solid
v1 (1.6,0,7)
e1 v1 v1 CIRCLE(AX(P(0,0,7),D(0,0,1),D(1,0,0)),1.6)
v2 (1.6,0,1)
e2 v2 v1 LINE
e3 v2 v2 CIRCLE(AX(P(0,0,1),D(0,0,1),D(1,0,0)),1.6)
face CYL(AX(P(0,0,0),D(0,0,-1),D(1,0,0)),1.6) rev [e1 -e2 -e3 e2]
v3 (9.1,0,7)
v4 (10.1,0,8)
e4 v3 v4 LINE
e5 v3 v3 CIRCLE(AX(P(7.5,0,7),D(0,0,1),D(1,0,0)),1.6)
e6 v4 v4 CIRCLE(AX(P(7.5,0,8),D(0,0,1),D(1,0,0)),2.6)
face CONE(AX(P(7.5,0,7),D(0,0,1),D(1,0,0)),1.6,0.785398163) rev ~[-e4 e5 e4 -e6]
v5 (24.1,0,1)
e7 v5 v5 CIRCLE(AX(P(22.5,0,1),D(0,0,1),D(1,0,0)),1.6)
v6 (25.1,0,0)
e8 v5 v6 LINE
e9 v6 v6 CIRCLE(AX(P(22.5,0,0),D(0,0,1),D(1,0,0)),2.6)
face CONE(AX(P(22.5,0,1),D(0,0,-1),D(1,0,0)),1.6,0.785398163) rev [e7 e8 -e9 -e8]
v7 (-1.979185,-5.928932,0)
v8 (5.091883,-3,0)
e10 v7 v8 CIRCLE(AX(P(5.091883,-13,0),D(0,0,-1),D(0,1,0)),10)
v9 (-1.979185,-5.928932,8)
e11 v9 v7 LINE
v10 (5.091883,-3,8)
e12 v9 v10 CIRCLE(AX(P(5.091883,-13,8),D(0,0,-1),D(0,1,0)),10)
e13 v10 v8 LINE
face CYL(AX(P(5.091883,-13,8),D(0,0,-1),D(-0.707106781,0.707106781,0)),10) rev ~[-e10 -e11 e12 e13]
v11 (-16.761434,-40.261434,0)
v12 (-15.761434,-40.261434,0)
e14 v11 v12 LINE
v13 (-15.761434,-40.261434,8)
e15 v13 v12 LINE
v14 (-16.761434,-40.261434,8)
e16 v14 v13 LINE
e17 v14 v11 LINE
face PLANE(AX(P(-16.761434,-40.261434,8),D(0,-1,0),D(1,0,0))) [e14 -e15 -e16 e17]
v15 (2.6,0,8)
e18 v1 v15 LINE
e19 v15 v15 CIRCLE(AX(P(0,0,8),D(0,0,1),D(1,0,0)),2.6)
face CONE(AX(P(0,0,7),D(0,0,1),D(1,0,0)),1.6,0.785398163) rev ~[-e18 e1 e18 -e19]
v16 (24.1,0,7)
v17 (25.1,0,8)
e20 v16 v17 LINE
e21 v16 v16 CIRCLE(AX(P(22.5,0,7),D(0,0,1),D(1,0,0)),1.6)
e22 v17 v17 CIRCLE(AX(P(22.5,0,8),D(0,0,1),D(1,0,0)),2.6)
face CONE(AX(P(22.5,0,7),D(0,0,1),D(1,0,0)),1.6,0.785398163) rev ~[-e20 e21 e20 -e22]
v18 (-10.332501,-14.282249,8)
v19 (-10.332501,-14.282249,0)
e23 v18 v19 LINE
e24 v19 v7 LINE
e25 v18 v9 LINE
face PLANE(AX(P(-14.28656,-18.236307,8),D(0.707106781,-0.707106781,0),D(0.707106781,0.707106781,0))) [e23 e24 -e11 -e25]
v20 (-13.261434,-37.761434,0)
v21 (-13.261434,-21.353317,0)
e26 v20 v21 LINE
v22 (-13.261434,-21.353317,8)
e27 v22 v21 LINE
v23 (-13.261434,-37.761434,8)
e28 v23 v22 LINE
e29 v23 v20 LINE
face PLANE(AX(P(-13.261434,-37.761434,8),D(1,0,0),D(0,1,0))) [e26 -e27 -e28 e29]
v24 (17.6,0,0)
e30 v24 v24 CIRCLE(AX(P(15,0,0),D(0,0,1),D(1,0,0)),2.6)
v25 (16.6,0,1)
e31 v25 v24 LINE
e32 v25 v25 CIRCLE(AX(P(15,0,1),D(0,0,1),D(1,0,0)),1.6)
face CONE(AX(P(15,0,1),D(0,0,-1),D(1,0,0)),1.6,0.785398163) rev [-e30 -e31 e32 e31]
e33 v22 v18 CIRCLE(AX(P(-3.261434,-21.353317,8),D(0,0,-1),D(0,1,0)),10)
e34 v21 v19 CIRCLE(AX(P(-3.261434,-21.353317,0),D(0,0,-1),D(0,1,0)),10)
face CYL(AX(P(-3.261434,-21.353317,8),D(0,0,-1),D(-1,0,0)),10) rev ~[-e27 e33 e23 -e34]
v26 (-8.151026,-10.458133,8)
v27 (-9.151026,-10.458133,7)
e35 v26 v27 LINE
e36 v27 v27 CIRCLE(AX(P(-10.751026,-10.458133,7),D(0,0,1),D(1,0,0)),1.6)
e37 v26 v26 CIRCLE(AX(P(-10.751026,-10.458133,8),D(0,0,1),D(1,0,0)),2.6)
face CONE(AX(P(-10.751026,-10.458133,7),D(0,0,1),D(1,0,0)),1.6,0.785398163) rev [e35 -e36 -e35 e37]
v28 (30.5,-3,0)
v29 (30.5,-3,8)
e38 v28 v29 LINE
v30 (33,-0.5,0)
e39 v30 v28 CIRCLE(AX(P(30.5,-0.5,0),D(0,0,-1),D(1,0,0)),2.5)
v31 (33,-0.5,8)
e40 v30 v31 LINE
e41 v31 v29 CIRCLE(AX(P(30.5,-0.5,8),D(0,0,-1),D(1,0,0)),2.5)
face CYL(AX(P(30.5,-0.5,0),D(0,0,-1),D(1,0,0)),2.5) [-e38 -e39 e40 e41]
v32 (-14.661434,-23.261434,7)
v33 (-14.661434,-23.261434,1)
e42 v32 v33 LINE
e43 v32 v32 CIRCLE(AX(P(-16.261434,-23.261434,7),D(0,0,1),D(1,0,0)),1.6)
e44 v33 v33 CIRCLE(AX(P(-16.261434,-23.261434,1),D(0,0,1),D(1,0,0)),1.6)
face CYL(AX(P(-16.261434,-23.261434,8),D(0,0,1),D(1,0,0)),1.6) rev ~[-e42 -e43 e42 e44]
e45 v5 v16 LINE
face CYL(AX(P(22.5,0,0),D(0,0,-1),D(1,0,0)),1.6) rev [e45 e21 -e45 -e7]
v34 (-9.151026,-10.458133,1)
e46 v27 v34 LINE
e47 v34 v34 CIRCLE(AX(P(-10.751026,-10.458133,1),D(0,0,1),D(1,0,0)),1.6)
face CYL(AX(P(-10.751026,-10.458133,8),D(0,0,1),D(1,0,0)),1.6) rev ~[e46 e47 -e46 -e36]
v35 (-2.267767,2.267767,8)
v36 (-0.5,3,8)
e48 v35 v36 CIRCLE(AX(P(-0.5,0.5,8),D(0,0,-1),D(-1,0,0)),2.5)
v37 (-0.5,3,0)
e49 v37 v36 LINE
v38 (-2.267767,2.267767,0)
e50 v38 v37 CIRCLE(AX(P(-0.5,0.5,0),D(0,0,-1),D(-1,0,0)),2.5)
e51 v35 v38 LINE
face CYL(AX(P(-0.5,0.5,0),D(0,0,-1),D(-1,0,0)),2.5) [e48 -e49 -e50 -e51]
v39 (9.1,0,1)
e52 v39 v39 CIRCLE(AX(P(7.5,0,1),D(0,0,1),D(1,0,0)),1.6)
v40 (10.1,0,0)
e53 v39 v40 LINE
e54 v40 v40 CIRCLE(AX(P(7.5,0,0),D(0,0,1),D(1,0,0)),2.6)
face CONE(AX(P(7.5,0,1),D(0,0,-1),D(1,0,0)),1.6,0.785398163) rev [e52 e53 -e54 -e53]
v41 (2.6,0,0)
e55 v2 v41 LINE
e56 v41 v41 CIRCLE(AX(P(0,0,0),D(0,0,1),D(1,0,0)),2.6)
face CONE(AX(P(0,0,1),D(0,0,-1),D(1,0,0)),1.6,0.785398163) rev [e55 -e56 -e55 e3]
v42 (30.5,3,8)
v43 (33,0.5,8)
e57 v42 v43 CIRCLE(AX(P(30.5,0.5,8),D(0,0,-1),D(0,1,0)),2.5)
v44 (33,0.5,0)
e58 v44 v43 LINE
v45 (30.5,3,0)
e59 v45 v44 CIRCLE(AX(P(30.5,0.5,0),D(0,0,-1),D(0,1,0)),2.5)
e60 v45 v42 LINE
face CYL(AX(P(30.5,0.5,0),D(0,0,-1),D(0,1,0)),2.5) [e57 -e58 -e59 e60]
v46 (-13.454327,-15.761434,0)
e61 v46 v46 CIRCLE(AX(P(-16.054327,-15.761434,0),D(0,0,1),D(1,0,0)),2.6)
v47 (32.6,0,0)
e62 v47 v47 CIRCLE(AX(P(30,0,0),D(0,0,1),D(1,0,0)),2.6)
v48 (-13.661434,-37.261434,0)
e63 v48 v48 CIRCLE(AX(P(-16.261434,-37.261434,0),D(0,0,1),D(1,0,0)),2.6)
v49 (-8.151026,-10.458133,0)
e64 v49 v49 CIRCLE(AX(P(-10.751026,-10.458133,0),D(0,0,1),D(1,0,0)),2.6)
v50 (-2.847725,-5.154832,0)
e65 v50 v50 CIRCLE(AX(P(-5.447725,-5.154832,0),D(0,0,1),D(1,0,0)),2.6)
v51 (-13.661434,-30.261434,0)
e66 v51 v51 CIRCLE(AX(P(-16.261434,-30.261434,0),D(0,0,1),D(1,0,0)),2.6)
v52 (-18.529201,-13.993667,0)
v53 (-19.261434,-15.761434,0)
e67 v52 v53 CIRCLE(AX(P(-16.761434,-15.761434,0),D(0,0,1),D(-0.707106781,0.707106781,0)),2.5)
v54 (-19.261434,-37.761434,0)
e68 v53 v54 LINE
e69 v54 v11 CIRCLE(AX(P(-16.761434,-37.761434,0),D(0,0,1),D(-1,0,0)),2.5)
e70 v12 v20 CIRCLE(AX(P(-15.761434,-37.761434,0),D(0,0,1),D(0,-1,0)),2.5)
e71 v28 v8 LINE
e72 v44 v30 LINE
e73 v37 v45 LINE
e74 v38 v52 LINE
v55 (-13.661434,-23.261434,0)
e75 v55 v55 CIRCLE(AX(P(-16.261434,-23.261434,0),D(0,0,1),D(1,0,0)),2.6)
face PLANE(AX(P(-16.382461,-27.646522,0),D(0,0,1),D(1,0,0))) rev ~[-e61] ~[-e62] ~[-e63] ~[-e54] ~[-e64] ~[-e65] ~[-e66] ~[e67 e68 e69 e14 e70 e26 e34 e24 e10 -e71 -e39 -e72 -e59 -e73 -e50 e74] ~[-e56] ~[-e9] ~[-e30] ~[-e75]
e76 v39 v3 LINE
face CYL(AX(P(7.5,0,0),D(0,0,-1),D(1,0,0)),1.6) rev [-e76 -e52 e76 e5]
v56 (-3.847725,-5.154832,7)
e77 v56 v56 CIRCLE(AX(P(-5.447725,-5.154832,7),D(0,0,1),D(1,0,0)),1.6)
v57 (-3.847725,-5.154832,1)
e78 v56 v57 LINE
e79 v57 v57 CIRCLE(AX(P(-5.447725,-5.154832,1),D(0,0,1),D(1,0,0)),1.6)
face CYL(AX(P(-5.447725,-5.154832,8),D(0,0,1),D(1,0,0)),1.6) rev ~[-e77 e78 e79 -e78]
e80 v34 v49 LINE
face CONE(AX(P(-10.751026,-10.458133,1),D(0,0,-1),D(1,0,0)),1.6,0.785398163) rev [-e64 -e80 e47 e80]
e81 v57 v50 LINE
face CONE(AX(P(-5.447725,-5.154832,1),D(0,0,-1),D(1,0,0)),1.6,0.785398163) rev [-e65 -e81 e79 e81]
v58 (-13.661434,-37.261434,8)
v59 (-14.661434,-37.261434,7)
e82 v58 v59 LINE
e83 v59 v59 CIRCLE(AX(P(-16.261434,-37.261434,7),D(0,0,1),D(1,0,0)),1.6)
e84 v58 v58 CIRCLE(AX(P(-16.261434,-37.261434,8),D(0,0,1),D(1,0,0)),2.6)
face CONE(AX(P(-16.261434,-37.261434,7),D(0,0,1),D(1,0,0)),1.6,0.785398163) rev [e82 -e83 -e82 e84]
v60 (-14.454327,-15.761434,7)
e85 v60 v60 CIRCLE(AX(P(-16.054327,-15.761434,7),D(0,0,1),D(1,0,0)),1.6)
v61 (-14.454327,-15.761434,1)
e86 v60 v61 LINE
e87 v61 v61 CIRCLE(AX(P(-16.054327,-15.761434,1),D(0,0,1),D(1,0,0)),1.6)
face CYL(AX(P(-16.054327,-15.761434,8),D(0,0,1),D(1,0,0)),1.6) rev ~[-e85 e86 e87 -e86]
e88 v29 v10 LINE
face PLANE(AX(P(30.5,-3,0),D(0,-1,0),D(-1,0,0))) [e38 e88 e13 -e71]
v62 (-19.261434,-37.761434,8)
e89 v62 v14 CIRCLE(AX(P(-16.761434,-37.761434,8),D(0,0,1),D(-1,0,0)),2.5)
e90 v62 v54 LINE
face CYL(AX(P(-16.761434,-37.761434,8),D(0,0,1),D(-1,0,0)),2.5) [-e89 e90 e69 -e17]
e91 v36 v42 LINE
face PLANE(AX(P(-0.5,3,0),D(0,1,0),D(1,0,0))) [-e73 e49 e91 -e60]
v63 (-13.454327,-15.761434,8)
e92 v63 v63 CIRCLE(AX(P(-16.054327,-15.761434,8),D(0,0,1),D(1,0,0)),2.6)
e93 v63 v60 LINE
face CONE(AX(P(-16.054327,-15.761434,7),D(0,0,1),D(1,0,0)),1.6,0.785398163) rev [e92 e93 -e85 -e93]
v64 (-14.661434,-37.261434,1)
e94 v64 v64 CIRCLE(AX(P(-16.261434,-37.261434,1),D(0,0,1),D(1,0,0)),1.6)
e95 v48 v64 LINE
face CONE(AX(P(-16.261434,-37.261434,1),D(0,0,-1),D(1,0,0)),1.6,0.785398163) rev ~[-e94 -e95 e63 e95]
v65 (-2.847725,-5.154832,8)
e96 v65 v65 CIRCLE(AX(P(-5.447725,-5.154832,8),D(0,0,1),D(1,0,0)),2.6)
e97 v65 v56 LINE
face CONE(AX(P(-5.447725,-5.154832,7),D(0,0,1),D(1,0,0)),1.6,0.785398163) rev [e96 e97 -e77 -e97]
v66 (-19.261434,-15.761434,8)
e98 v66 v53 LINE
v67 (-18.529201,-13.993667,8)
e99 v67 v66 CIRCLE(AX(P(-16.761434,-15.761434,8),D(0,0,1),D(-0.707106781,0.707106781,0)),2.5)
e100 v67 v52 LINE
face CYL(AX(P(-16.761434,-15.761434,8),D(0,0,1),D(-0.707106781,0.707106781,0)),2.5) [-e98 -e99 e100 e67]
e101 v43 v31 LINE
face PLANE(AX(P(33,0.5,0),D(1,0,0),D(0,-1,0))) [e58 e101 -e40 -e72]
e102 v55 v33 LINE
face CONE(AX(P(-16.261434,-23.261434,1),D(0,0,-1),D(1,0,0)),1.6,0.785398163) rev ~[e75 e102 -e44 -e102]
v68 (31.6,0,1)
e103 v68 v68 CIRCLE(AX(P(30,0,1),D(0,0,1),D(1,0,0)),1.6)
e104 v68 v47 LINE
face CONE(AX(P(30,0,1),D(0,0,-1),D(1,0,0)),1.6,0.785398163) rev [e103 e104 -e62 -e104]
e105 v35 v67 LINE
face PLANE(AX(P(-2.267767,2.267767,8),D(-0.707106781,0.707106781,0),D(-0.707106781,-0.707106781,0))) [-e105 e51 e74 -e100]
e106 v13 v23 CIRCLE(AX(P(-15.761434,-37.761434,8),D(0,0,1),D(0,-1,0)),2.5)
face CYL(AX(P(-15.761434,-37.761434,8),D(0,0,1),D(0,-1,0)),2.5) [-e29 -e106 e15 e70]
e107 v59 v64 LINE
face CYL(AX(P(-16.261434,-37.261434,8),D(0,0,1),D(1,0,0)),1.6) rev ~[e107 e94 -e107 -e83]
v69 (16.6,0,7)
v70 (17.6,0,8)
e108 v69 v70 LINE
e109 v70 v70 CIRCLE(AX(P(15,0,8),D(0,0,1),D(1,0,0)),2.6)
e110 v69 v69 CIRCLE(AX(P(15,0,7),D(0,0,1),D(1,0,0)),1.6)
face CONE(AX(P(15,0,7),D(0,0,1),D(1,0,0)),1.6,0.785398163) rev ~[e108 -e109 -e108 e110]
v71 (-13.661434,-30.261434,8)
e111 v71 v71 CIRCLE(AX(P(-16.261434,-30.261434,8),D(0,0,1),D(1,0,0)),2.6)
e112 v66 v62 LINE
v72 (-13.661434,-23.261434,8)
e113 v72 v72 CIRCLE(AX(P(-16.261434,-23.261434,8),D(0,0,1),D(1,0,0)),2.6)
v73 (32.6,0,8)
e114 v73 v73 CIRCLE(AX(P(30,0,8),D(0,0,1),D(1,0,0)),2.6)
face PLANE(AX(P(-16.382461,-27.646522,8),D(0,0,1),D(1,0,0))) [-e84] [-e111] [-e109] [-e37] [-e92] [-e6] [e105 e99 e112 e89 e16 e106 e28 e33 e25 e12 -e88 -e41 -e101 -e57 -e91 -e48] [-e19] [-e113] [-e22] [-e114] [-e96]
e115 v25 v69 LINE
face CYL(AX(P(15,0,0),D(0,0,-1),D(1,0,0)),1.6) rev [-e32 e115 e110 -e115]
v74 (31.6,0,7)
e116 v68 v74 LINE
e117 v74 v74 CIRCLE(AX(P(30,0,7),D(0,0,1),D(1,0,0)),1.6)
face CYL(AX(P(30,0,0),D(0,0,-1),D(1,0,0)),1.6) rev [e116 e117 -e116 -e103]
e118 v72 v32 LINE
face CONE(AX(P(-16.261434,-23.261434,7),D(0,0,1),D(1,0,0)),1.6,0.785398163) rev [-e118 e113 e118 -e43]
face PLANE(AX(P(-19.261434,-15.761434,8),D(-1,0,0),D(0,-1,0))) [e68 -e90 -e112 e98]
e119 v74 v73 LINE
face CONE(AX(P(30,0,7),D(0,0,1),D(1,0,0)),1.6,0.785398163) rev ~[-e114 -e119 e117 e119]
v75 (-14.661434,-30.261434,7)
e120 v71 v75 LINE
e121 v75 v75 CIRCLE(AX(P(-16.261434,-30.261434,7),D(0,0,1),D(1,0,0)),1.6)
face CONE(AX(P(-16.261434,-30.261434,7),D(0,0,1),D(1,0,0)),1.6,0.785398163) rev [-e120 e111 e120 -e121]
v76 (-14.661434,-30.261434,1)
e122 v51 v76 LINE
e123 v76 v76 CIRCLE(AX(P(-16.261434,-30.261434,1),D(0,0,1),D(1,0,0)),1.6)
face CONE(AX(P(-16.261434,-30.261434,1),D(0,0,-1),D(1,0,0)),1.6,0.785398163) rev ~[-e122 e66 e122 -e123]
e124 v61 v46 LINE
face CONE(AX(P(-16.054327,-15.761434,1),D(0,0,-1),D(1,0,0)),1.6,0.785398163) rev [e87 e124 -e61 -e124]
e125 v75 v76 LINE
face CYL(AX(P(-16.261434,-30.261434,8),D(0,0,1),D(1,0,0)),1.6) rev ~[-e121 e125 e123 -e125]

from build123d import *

# Parameters (mm, degrees)
SKETCH1_R           = 1.6
BOSS_EXTRUDE1_DEPTH = 8
CHAMFER1_SIZE       = 1
SKETCH2_R           = 1.6
BOSS_EXTRUDE3_DEPTH = 8
FILLET1_R           = 10
CHAMFER2_SIZE       = 1
SKETCH3_R           = 1.6
BOSS_EXTRUDE4_DEPTH = 8
CHAMFER5_SIZE       = 1
FILLET2_R           = 10


with BuildPart() as part:
    # Sketch1 → Boss-Extrude1 (new body)
    with BuildSketch(Plane.XY):
        with BuildLine():
            Line((-0.5, 3), (30.5, 3))
            ThreePointArc((30.5, 3), (32.267766953, 2.267766953), (33, 0.5))
            Line((33, 0.5), (33, -0.5))
            ThreePointArc((33, -0.5), (32.267766953, -2.267766953), (30.5, -3))
            Line((30.5, -3), (-0.5, -3))
            ThreePointArc((-0.5, -3), (-2.267766953, -2.267766953), (-3, -0.5))
            Line((-3, -0.5), (-3, 0.5))
            ThreePointArc((-3, 0.5), (-2.267766953, 2.267766953), (-0.5, 3))
        make_face()
        Circle(SKETCH1_R, mode=Mode.SUBTRACT)
        with Locations((7.5, 0)):
            Circle(SKETCH1_R, mode=Mode.SUBTRACT)
        with Locations((15, 0)):
            Circle(SKETCH1_R, mode=Mode.SUBTRACT)
        with Locations((22.5, 0)):
            Circle(SKETCH1_R, mode=Mode.SUBTRACT)
        with Locations((30, 0)):
            Circle(SKETCH1_R, mode=Mode.SUBTRACT)
    extrude(amount=BOSS_EXTRUDE1_DEPTH)

    # Chamfer1
    chamfer1_edges = [part.edges().sort_by_distance(p)[0] for p in [
        (-1.6, 0, 0),
        (-1.6, 0, 8),
        (5.9, 0, 0),
        (5.9, 0, 8),
        (13.4, 0, 0),
        (13.4, 0, 8),
        (20.9, 0, 0),
        (20.9, 0, 8),
        (28.4, 0, 0),
        (28.4, 0, 8),
    ]]
    chamfer(chamfer1_edges, length=CHAMFER1_SIZE)

    # Sketch2 → Boss-Extrude3 (add)
    with BuildSketch(Plane.XY.offset(8)):
        with BuildLine():
            ThreePointArc((-3, 0.5), (-2.809698831, 1.456708581), (-2.267766953, 2.267766953))
            Line((-2.267766953, 2.267766953), (-18.529200529, -13.993666623))
            ThreePointArc((-18.529200529, -13.993666623), (-19.261433576, -15.761433576), (-18.529200529, -17.529200529))
            Line((-18.529200529, -17.529200529), (-17.822093748, -18.23630731))
            ThreePointArc((-17.822093748, -18.23630731), (-16.054326795, -18.968540357), (-14.286559842, -18.23630731))
            Line((-14.286559842, -18.23630731), (0.949747468, -3))
            Line((0.949747468, -3), (-0.5, -3))
            ThreePointArc((-0.5, -3), (-2.267766953, -2.267766953), (-3, -0.5))
            Line((-3, -0.5), (-3, 0.5))
        make_face()
        with Locations((-16.054326795, -15.761433576)):
            Circle(SKETCH2_R, mode=Mode.SUBTRACT)
        with Locations((-10.751025936, -10.458132717)):
            Circle(SKETCH2_R, mode=Mode.SUBTRACT)
        with Locations((-5.447725077, -5.154831858)):
            Circle(SKETCH2_R, mode=Mode.SUBTRACT)
    extrude(amount=-BOSS_EXTRUDE3_DEPTH)

    # Fillet1
    fillet1_edges = [part.edges().sort_by_distance(p)[0] for p in [
        (0.949747468, -3, 4),
    ]]
    fillet(fillet1_edges, radius=FILLET1_R)

    # Chamfer2
    chamfer2_edges = [part.edges().sort_by_distance(p)[0] for p in [
        (-17.654326795, -15.761433576, 8),
        (-12.351025936, -10.458132717, 8),
        (-7.047725077, -5.154831858, 8),
        (-7.047725077, -5.154831858, 0),
        (-12.351025936, -10.458132717, 0),
        (-17.654326795, -15.761433576, 0),
    ]]
    chamfer(chamfer2_edges, length=CHAMFER2_SIZE)

    # Sketch3 → Boss-Extrude4 (add)
    with BuildSketch(Plane.XY.offset(8)):
        with BuildLine():
            ThreePointArc((-18.529200529, -17.529200529), (-19.071132407, -16.718142157), (-19.261433576, -15.761433576))
            Line((-19.261433576, -15.761433576), (-19.261433576, -37.761433576))
            ThreePointArc((-19.261433576, -37.761433576), (-18.529200529, -39.529200529), (-16.761433576, -40.261433576))
            Line((-16.761433576, -40.261433576), (-15.761433576, -40.261433576))
            ThreePointArc((-15.761433576, -40.261433576), (-13.993666623, -39.529200529), (-13.261433576, -37.761433576))
            Line((-13.261433576, -37.761433576), (-13.261433576, -17.211181044))
            Line((-13.261433576, -17.211181044), (-14.286559842, -18.23630731))
            ThreePointArc((-14.286559842, -18.23630731), (-16.054326795, -18.968540357), (-17.822093748, -18.23630731))
            Line((-17.822093748, -18.23630731), (-18.529200529, -17.529200529))
        make_face()
        with Locations((-16.261433576, -30.261433576)):
            Circle(SKETCH3_R, mode=Mode.SUBTRACT)
        with Locations((-16.261433576, -37.261433576)):
            Circle(SKETCH3_R, mode=Mode.SUBTRACT)
        with Locations((-16.261433576, -23.261433576)):
            Circle(SKETCH3_R, mode=Mode.SUBTRACT)
    extrude(amount=-BOSS_EXTRUDE4_DEPTH)

    # Chamfer5
    chamfer5_edges = [part.edges().sort_by_distance(p)[0] for p in [
        (-17.861433576, -37.261433576, 8),
        (-17.861433576, -30.261433576, 8),
        (-17.861433576, -23.261433576, 8),
        (-17.861433576, -23.261433576, 0),
        (-17.861433576, -30.261433576, 0),
        (-17.861433576, -37.261433576, 0),
    ]]
    chamfer(chamfer5_edges, length=CHAMFER5_SIZE)

    # Fillet2
    fillet2_edges = [part.edges().sort_by_distance(p)[0] for p in [
        (-13.261433576, -17.211181044, 4),
    ]]
    fillet(fillet2_edges, radius=FILLET2_R)


solid = part.part
